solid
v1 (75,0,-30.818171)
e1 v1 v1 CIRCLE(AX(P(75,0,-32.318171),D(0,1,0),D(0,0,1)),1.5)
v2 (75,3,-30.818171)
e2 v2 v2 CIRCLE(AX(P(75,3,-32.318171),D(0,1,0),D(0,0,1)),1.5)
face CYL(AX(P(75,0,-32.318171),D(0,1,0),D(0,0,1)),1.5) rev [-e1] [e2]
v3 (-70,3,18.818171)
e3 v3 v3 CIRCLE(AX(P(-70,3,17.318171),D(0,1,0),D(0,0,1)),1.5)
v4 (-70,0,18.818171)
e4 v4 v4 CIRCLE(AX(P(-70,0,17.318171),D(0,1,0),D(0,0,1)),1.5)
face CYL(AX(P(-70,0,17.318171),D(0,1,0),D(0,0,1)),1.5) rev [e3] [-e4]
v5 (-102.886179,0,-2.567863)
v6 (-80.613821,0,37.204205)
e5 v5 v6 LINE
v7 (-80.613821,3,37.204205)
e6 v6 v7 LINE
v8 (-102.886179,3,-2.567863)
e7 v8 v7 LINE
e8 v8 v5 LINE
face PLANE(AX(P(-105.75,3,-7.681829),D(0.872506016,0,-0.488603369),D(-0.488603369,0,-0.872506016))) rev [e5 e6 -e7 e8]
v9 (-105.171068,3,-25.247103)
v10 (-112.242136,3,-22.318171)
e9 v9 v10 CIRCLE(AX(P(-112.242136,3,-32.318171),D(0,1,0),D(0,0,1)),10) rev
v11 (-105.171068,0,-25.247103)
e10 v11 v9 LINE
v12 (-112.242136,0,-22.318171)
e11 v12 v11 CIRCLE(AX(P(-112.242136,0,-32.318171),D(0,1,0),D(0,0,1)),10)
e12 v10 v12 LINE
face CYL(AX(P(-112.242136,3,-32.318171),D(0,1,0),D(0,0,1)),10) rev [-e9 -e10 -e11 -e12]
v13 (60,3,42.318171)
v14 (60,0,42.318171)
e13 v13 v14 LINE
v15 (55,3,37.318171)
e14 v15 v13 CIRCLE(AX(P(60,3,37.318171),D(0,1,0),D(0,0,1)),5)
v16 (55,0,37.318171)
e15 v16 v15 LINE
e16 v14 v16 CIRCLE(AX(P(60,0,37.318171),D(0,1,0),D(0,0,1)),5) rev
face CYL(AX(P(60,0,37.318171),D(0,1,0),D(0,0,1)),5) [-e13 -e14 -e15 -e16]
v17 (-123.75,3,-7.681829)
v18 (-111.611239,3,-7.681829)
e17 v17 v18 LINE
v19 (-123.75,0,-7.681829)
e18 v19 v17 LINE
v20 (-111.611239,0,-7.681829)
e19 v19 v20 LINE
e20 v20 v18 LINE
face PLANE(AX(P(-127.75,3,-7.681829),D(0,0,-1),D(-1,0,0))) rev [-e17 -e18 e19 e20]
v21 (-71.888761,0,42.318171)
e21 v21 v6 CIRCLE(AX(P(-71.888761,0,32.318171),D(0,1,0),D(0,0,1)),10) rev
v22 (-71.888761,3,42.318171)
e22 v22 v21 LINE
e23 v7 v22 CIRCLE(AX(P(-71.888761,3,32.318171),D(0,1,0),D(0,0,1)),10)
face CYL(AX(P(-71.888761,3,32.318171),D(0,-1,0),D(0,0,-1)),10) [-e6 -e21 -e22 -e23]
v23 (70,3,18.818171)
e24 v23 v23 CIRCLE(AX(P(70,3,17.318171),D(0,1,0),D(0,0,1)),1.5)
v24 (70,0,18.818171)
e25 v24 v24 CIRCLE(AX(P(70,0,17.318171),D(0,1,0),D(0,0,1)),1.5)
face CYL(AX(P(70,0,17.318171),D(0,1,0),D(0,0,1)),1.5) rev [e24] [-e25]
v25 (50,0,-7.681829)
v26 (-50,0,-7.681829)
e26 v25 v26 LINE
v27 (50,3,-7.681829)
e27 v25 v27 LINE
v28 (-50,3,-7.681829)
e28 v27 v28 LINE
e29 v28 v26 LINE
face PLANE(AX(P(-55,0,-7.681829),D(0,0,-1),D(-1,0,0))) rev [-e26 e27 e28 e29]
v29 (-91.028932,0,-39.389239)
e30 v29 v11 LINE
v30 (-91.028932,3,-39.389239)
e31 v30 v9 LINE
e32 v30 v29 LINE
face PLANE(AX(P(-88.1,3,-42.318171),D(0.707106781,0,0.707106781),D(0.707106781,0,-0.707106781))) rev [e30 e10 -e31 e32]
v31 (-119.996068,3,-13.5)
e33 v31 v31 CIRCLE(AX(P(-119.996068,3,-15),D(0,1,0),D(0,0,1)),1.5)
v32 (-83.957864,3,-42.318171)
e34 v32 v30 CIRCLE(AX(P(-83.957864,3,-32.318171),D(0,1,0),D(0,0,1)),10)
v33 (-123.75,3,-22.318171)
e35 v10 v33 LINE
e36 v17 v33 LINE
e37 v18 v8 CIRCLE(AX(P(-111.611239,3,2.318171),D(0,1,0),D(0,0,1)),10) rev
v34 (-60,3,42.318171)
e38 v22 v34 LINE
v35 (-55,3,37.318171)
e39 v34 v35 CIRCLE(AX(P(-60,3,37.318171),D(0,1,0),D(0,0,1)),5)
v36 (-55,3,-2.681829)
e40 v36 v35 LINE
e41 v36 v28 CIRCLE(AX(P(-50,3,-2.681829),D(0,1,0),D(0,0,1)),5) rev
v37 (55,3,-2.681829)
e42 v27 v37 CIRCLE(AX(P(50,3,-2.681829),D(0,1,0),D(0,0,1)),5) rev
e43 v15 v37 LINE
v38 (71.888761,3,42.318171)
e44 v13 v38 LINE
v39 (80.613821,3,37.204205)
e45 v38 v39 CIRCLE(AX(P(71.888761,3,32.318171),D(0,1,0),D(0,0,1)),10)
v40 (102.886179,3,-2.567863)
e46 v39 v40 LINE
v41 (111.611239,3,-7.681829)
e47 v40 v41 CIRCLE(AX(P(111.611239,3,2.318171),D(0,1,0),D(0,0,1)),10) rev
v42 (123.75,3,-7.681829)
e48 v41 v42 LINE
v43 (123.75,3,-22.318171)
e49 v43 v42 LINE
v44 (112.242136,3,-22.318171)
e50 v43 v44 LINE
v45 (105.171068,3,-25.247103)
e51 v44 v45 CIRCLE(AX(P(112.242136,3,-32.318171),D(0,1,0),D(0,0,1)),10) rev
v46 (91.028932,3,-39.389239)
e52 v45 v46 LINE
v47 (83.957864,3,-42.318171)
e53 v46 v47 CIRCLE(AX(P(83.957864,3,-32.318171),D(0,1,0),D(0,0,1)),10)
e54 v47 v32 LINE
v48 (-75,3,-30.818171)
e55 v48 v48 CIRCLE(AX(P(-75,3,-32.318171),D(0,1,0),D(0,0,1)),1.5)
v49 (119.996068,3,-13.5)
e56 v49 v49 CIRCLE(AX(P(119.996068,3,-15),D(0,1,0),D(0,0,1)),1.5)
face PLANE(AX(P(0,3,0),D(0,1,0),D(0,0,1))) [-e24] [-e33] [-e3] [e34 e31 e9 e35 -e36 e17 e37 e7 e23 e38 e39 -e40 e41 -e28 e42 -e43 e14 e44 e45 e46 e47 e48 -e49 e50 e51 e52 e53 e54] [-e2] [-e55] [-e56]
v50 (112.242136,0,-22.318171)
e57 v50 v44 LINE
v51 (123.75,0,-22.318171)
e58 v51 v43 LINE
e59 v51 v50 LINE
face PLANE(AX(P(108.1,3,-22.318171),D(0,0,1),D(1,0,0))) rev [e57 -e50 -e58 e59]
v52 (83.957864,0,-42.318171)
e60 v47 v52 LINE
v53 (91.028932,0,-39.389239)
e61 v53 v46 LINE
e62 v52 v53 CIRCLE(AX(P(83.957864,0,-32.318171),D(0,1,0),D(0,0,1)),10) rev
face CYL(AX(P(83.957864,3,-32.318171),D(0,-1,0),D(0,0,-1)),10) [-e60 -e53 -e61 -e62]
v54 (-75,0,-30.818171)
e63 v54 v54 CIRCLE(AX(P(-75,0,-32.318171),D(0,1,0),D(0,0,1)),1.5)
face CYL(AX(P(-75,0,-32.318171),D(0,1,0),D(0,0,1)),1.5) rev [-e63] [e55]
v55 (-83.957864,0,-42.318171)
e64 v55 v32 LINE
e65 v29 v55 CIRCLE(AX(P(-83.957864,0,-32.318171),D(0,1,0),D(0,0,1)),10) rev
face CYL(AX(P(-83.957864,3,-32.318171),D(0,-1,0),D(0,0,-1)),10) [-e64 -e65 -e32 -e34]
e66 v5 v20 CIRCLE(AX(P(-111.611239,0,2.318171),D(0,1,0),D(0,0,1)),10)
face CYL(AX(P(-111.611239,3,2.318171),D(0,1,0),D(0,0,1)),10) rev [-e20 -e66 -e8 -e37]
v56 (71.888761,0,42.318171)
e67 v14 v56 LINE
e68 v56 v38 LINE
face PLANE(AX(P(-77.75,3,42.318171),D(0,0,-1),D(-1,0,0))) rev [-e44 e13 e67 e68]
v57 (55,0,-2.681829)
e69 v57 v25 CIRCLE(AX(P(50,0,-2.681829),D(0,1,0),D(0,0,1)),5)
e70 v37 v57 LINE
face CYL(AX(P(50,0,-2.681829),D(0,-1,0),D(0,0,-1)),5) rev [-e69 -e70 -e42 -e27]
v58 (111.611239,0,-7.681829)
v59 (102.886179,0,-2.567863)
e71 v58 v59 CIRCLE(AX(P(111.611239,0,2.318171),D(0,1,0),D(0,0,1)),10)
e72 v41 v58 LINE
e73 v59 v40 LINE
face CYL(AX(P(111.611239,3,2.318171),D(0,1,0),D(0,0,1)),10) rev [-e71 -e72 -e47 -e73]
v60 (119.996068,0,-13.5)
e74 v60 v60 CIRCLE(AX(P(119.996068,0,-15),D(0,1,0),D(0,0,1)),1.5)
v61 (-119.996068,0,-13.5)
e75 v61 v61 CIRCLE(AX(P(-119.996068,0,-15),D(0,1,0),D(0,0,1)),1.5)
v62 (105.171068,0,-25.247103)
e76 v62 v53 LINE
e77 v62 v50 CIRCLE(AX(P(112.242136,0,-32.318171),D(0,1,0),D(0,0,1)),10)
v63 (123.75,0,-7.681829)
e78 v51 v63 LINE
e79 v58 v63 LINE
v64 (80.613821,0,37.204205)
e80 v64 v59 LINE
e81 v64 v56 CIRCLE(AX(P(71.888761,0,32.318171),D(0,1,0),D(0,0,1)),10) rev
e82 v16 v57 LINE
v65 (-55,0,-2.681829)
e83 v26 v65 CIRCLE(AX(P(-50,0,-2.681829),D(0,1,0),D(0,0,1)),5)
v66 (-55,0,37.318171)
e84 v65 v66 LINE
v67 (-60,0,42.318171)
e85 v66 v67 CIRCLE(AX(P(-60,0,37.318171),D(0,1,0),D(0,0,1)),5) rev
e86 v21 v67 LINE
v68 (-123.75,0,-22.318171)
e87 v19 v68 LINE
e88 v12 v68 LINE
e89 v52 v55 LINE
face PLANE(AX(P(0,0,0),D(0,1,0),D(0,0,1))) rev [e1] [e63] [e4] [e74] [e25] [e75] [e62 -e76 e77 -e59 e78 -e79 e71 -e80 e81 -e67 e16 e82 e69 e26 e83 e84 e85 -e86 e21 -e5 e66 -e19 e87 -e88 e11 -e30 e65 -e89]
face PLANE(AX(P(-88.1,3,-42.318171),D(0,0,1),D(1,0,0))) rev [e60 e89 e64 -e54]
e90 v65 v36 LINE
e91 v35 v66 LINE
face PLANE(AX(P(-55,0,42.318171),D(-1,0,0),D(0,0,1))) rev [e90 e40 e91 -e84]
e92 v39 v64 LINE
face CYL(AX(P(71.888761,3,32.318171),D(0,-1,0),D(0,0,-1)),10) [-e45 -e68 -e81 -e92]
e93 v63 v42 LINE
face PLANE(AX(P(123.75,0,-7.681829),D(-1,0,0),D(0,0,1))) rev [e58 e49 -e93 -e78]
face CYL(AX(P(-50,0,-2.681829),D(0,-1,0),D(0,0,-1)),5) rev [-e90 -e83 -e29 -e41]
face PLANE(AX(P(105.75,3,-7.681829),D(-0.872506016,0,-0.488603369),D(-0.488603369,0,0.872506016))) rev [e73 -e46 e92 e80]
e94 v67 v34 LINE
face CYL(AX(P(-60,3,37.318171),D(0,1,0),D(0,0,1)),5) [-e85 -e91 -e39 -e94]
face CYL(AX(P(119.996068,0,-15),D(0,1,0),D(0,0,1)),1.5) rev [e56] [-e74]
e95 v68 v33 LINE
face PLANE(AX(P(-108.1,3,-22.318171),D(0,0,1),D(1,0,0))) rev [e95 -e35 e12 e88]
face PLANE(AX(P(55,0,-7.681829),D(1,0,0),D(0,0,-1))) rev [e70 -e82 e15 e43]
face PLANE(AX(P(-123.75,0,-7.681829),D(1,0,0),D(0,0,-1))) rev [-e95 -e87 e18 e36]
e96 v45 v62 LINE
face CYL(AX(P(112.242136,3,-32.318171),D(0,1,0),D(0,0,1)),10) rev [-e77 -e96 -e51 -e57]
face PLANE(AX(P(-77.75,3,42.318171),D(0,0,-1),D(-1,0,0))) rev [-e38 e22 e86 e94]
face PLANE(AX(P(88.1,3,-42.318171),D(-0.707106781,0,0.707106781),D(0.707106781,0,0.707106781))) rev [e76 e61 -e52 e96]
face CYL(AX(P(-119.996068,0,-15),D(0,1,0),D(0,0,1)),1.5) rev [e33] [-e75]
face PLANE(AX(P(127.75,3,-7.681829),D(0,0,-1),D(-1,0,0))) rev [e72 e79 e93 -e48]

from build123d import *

# Parameters (mm, degrees)
SALIENTE_EXTRUIR1_DEPTH = 3
REDONDEO1_R             = 10
CROQUIS2_R              = 1.5
CORTAR_EXTRUIR1_DEPTH   = 135.610141171
CROQUIS4_W              = 110
CROQUIS4_H              = 50
CORTAR_EXTRUIR2_DEPTH   = 135.610141171
REDONDEO2_R             = 5
CROQUIS5_W              = 4
CROQUIS5_H              = 14.636342218
CORTAR_EXTRUIR3_DEPTH   = 135.610141171


with BuildPart() as part:
    # Croquis1 → Saliente-Extruir1 (new body)
    with BuildSketch(Plane(origin=(0, 0, 0), x_dir=(1, 0, 0), z_dir=(0, 1, 0))):
        Polygon((-88.1, 42.318171109), (88.1, 42.318171109), (108.1, 22.318171109), (127.75, 22.318171109), (127.75, 7.681828891), (105.75, 7.681828891), (77.75, -42.318171109), (-77.75, -42.318171109), (-105.75, 7.681828891), (-127.75, 7.681828891), (-127.75, 22.318171109), (-108.1, 22.318171109), align=None)
    extrude(amount=SALIENTE_EXTRUIR1_DEPTH)

    # Redondeo1
    redondeo1_edges = [part.edges().sort_by_distance(p)[0] for p in [
        (-88.1, 1.5, -42.318171109),
        (88.1, 1.5, -42.318171109),
        (108.1, 1.5, -22.318171109),
        (105.75, 1.5, -7.681828891),
        (77.75, 1.5, 42.318171109),
        (-77.75, 1.5, 42.318171109),
        (-105.75, 1.5, -7.681828891),
        (-108.1, 1.5, -22.318171109),
    ]]
    fillet(redondeo1_edges, radius=REDONDEO1_R)

    # Croquis2 → Cortar-Extruir1 (cut, through all)
    with BuildSketch(Plane(origin=(0, 3, 0), x_dir=(1, 0, 0), z_dir=(0, 1, 0))):
        with Locations(Location((70, -17.318171109, 0), (0, 0, 270))):
            Circle(CROQUIS2_R)
        with Locations(Location((-70, -17.318171109, 0), (0, 0, 270))):
            Circle(CROQUIS2_R)
        with Locations(Location((-119.996067812, 15, 0), (0, 0, 270))):
            Circle(CROQUIS2_R)
        with Locations(Location((119.996067812, 15, 0), (0, 0, 270))):
            Circle(CROQUIS2_R)
        with Locations(Location((-75, 32.318171109, 0), (0, 0, 270))):
            Circle(CROQUIS2_R)
        with Locations(Location((75, 32.318171109, 0), (0, 0, 270))):
            Circle(CROQUIS2_R)
        with Locations(Location((-17.5, -17.318171109, 0), (0, 0, 270))):
            Circle(CROQUIS2_R)
        with Locations(Location((17.5, -17.318171109, 0), (0, 0, 270))):
            Circle(CROQUIS2_R)
        with Locations(Location((-17.5, -37.318171109, 0), (0, 0, 270))):
            Circle(CROQUIS2_R)
        with Locations(Location((17.5, -37.318171109, 0), (0, 0, 270))):
            Circle(CROQUIS2_R)
    extrude(amount=-CORTAR_EXTRUIR1_DEPTH, mode=Mode.SUBTRACT)

    # Croquis4 → Cortar-Extruir2 (cut, through all)
    with BuildSketch(Plane(origin=(0, 3, 0), x_dir=(1, 0, 0), z_dir=(0, 1, 0))):
        with Locations((0, -17.318171109)):
            Rectangle(CROQUIS4_W, CROQUIS4_H)
    extrude(amount=-CORTAR_EXTRUIR2_DEPTH, mode=Mode.SUBTRACT)

    # Redondeo2
    redondeo2_edges = [part.edges().sort_by_distance(p)[0] for p in [
        (55, 1.5, 42.318171109),
        (-55, 1.5, 42.318171109),
        (-55, 1.5, -7.681828891),
        (55, 1.5, -7.681828891),
    ]]
    fillet(redondeo2_edges, radius=REDONDEO2_R)

    # Croquis5 → Cortar-Extruir3 (cut, through all)
    with BuildSketch(Plane(origin=(0, 3, 0), x_dir=(1, 0, 0), z_dir=(0, 1, 0))):
        with Locations((-125.75, 15)):
            Rectangle(CROQUIS5_W, CROQUIS5_H)
        with Locations((125.75, 15)):
            Rectangle(CROQUIS5_W, CROQUIS5_H)
    extrude(amount=-CORTAR_EXTRUIR3_DEPTH, mode=Mode.SUBTRACT)


solid = part.part
